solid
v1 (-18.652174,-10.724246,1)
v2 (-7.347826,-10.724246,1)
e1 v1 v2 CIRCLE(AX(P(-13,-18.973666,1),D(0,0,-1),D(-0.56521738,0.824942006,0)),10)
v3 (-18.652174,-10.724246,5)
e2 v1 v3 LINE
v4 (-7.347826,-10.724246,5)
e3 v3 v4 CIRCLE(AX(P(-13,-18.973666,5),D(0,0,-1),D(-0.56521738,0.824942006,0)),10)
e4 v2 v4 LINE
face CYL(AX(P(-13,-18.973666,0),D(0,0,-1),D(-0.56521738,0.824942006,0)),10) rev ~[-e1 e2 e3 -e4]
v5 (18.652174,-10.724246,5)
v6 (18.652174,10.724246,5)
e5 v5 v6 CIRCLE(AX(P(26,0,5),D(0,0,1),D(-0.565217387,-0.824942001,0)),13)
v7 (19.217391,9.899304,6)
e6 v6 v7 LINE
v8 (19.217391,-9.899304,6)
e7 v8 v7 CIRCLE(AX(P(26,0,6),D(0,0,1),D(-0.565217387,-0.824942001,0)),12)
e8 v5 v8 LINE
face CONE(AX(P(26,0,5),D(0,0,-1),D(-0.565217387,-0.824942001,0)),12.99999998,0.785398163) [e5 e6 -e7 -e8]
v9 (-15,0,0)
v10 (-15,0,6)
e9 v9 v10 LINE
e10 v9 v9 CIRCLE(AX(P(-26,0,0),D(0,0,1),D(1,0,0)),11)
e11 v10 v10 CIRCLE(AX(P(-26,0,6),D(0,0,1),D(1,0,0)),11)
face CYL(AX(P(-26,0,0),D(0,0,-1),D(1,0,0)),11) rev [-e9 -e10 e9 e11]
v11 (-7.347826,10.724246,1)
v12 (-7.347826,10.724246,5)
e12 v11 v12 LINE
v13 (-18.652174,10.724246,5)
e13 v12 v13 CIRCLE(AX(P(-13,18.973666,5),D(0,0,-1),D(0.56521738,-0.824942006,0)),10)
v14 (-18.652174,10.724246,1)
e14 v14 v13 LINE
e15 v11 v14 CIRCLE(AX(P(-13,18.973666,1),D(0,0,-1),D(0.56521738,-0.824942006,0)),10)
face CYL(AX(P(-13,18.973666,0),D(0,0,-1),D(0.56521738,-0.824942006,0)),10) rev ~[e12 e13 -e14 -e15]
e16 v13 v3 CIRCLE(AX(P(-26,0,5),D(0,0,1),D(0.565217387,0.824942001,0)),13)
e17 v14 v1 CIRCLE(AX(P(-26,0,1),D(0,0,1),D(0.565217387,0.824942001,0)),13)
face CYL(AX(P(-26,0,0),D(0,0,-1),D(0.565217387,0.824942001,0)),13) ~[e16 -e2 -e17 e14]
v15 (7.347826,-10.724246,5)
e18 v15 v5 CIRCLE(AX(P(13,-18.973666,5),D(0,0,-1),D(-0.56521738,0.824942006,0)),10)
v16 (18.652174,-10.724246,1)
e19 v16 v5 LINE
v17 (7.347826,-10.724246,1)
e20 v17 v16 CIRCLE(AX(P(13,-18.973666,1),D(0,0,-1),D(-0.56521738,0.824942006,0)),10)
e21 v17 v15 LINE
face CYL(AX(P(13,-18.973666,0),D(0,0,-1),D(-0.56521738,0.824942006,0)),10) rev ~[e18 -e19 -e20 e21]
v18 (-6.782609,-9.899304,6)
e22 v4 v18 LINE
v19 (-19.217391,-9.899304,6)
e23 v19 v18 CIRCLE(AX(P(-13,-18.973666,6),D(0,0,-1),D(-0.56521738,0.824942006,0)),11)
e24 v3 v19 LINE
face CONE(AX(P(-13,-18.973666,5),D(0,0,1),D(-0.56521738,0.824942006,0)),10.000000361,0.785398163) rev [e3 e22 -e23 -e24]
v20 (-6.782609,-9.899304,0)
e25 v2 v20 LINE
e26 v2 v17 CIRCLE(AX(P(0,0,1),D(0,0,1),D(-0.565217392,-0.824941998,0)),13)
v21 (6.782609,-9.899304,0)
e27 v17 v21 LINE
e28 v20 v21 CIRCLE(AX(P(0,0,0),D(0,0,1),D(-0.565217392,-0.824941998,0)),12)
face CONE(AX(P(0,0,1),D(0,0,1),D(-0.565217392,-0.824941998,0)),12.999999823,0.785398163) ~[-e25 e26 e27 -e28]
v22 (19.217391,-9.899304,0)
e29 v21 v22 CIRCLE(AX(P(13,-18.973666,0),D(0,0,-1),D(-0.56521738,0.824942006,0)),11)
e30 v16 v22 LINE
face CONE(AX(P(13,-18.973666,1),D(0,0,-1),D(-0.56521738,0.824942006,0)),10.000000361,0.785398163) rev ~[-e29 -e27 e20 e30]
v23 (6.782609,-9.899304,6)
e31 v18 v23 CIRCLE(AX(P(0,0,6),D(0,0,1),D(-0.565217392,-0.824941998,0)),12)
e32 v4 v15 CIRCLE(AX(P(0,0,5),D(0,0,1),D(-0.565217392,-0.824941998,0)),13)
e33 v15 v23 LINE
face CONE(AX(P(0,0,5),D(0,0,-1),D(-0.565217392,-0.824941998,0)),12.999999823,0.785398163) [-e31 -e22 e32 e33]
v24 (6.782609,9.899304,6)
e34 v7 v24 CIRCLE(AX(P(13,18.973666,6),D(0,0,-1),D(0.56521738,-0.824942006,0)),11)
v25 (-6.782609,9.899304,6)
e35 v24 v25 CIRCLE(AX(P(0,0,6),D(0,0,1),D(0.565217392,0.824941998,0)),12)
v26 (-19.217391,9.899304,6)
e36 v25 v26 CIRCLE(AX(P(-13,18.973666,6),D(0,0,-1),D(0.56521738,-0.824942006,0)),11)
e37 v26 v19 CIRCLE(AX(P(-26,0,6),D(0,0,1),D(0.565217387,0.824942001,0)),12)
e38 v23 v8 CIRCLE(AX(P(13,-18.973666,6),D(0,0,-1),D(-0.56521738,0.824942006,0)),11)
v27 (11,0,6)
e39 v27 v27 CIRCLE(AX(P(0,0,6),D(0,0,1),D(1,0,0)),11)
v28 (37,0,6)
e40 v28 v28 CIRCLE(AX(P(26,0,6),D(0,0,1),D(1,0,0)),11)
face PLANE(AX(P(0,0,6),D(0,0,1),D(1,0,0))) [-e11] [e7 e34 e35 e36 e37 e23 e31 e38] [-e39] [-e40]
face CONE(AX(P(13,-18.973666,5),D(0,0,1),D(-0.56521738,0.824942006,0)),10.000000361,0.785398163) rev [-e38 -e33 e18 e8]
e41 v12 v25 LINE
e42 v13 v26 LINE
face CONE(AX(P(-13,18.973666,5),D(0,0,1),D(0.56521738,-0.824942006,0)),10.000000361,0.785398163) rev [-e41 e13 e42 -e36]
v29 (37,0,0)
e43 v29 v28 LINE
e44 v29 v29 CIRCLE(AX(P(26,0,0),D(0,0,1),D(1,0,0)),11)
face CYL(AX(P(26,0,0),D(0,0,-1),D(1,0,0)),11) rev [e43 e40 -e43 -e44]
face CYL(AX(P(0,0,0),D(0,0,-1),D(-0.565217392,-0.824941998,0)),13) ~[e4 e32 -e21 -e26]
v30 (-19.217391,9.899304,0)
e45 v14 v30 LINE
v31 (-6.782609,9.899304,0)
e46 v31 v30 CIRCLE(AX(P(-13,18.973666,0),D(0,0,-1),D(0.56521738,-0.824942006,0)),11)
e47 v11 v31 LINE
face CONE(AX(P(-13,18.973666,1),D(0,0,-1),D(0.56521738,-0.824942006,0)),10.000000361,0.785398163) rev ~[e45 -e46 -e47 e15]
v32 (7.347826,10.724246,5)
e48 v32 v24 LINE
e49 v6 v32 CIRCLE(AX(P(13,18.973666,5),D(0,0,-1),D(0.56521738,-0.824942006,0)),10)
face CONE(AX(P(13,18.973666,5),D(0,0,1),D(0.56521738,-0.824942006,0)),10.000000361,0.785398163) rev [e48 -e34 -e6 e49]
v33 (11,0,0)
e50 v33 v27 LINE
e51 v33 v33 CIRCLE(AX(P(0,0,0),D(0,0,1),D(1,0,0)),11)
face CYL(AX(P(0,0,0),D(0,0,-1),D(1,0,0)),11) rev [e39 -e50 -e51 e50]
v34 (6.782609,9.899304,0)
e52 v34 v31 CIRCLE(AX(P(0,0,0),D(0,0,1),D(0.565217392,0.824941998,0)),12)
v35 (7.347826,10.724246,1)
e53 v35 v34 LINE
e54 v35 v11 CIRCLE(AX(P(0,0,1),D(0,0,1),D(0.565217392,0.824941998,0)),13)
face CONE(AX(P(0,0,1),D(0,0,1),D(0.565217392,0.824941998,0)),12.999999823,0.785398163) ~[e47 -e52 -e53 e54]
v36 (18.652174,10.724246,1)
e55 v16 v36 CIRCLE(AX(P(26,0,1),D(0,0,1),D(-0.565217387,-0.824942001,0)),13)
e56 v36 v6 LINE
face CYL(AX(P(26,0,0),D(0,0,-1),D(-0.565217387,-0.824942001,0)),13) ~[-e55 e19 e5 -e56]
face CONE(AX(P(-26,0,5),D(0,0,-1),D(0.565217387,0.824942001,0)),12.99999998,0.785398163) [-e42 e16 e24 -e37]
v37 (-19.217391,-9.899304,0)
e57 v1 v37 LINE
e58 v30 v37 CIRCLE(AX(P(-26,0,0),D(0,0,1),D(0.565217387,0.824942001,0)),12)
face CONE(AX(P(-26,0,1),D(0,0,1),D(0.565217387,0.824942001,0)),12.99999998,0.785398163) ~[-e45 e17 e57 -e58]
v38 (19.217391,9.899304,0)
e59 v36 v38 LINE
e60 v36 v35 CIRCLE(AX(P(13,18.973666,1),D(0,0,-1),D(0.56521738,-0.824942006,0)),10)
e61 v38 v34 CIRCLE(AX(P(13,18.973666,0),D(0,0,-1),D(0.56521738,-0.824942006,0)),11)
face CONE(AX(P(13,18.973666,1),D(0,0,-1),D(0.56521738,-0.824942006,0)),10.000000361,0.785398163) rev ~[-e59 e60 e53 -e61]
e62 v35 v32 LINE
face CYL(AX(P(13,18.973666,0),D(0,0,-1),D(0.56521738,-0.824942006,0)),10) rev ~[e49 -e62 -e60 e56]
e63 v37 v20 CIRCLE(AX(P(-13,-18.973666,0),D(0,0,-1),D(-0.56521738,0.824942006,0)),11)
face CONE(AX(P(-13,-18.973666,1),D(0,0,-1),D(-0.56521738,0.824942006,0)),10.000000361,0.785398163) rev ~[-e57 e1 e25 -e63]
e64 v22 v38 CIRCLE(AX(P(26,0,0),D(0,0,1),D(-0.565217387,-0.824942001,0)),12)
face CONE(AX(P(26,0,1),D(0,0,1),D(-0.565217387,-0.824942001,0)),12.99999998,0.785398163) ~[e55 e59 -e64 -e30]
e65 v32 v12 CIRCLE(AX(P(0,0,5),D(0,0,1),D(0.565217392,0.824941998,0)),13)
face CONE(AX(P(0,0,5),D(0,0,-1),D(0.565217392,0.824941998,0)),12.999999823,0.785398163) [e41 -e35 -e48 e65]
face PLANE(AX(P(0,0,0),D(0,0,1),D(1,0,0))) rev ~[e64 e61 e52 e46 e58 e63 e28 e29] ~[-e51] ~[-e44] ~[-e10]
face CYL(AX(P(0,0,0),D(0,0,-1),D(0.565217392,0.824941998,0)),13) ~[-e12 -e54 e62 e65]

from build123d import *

# Parameters (mm, degrees)
F0_R     = 11
F1_DEPTH = 6
F2_SIZE  = 1


with BuildPart() as f1:
    # F0 (on Top) → F1 (new body)
    with BuildSketch(Plane.XY):
        with BuildLine():
            ThreePointArc((-7.347826, 10.724246), (-13, 8.973666), (-18.652174, 10.724246))
            ThreePointArc((-18.652174, 10.724246), (-39, 0), (-18.652174, -10.724246))
            ThreePointArc((-18.652174, -10.724246), (-13, -8.973666), (-7.347826, -10.724246))
            ThreePointArc((-7.347826, -10.724246), (0, -13), (7.347826, -10.724246))
            ThreePointArc((7.347826, -10.724246), (13, -8.973666), (18.652174, -10.724246))
            ThreePointArc((18.652174, -10.724246), (39, 0), (18.652174, 10.724246))
            ThreePointArc((18.652174, 10.724246), (13, 8.973666), (7.347826, 10.724246))
            ThreePointArc((7.347826, 10.724246), (0, 13), (-7.347826, 10.724246))
        make_face()
        with Locations((-26, 0)):
            Circle(F0_R, mode=Mode.SUBTRACT)
        Circle(F0_R, mode=Mode.SUBTRACT)
        with Locations((26, 0)):
            Circle(F0_R, mode=Mode.SUBTRACT)
    extrude(amount=F1_DEPTH)

    # F2
    f2_edges = [f1.edges().sort_by_distance(p)[0] for p in [
        (39, 0, 6),
        (39, 0, 0),
    ]]
    chamfer(f2_edges, length=F2_SIZE)


solid = f1.part
